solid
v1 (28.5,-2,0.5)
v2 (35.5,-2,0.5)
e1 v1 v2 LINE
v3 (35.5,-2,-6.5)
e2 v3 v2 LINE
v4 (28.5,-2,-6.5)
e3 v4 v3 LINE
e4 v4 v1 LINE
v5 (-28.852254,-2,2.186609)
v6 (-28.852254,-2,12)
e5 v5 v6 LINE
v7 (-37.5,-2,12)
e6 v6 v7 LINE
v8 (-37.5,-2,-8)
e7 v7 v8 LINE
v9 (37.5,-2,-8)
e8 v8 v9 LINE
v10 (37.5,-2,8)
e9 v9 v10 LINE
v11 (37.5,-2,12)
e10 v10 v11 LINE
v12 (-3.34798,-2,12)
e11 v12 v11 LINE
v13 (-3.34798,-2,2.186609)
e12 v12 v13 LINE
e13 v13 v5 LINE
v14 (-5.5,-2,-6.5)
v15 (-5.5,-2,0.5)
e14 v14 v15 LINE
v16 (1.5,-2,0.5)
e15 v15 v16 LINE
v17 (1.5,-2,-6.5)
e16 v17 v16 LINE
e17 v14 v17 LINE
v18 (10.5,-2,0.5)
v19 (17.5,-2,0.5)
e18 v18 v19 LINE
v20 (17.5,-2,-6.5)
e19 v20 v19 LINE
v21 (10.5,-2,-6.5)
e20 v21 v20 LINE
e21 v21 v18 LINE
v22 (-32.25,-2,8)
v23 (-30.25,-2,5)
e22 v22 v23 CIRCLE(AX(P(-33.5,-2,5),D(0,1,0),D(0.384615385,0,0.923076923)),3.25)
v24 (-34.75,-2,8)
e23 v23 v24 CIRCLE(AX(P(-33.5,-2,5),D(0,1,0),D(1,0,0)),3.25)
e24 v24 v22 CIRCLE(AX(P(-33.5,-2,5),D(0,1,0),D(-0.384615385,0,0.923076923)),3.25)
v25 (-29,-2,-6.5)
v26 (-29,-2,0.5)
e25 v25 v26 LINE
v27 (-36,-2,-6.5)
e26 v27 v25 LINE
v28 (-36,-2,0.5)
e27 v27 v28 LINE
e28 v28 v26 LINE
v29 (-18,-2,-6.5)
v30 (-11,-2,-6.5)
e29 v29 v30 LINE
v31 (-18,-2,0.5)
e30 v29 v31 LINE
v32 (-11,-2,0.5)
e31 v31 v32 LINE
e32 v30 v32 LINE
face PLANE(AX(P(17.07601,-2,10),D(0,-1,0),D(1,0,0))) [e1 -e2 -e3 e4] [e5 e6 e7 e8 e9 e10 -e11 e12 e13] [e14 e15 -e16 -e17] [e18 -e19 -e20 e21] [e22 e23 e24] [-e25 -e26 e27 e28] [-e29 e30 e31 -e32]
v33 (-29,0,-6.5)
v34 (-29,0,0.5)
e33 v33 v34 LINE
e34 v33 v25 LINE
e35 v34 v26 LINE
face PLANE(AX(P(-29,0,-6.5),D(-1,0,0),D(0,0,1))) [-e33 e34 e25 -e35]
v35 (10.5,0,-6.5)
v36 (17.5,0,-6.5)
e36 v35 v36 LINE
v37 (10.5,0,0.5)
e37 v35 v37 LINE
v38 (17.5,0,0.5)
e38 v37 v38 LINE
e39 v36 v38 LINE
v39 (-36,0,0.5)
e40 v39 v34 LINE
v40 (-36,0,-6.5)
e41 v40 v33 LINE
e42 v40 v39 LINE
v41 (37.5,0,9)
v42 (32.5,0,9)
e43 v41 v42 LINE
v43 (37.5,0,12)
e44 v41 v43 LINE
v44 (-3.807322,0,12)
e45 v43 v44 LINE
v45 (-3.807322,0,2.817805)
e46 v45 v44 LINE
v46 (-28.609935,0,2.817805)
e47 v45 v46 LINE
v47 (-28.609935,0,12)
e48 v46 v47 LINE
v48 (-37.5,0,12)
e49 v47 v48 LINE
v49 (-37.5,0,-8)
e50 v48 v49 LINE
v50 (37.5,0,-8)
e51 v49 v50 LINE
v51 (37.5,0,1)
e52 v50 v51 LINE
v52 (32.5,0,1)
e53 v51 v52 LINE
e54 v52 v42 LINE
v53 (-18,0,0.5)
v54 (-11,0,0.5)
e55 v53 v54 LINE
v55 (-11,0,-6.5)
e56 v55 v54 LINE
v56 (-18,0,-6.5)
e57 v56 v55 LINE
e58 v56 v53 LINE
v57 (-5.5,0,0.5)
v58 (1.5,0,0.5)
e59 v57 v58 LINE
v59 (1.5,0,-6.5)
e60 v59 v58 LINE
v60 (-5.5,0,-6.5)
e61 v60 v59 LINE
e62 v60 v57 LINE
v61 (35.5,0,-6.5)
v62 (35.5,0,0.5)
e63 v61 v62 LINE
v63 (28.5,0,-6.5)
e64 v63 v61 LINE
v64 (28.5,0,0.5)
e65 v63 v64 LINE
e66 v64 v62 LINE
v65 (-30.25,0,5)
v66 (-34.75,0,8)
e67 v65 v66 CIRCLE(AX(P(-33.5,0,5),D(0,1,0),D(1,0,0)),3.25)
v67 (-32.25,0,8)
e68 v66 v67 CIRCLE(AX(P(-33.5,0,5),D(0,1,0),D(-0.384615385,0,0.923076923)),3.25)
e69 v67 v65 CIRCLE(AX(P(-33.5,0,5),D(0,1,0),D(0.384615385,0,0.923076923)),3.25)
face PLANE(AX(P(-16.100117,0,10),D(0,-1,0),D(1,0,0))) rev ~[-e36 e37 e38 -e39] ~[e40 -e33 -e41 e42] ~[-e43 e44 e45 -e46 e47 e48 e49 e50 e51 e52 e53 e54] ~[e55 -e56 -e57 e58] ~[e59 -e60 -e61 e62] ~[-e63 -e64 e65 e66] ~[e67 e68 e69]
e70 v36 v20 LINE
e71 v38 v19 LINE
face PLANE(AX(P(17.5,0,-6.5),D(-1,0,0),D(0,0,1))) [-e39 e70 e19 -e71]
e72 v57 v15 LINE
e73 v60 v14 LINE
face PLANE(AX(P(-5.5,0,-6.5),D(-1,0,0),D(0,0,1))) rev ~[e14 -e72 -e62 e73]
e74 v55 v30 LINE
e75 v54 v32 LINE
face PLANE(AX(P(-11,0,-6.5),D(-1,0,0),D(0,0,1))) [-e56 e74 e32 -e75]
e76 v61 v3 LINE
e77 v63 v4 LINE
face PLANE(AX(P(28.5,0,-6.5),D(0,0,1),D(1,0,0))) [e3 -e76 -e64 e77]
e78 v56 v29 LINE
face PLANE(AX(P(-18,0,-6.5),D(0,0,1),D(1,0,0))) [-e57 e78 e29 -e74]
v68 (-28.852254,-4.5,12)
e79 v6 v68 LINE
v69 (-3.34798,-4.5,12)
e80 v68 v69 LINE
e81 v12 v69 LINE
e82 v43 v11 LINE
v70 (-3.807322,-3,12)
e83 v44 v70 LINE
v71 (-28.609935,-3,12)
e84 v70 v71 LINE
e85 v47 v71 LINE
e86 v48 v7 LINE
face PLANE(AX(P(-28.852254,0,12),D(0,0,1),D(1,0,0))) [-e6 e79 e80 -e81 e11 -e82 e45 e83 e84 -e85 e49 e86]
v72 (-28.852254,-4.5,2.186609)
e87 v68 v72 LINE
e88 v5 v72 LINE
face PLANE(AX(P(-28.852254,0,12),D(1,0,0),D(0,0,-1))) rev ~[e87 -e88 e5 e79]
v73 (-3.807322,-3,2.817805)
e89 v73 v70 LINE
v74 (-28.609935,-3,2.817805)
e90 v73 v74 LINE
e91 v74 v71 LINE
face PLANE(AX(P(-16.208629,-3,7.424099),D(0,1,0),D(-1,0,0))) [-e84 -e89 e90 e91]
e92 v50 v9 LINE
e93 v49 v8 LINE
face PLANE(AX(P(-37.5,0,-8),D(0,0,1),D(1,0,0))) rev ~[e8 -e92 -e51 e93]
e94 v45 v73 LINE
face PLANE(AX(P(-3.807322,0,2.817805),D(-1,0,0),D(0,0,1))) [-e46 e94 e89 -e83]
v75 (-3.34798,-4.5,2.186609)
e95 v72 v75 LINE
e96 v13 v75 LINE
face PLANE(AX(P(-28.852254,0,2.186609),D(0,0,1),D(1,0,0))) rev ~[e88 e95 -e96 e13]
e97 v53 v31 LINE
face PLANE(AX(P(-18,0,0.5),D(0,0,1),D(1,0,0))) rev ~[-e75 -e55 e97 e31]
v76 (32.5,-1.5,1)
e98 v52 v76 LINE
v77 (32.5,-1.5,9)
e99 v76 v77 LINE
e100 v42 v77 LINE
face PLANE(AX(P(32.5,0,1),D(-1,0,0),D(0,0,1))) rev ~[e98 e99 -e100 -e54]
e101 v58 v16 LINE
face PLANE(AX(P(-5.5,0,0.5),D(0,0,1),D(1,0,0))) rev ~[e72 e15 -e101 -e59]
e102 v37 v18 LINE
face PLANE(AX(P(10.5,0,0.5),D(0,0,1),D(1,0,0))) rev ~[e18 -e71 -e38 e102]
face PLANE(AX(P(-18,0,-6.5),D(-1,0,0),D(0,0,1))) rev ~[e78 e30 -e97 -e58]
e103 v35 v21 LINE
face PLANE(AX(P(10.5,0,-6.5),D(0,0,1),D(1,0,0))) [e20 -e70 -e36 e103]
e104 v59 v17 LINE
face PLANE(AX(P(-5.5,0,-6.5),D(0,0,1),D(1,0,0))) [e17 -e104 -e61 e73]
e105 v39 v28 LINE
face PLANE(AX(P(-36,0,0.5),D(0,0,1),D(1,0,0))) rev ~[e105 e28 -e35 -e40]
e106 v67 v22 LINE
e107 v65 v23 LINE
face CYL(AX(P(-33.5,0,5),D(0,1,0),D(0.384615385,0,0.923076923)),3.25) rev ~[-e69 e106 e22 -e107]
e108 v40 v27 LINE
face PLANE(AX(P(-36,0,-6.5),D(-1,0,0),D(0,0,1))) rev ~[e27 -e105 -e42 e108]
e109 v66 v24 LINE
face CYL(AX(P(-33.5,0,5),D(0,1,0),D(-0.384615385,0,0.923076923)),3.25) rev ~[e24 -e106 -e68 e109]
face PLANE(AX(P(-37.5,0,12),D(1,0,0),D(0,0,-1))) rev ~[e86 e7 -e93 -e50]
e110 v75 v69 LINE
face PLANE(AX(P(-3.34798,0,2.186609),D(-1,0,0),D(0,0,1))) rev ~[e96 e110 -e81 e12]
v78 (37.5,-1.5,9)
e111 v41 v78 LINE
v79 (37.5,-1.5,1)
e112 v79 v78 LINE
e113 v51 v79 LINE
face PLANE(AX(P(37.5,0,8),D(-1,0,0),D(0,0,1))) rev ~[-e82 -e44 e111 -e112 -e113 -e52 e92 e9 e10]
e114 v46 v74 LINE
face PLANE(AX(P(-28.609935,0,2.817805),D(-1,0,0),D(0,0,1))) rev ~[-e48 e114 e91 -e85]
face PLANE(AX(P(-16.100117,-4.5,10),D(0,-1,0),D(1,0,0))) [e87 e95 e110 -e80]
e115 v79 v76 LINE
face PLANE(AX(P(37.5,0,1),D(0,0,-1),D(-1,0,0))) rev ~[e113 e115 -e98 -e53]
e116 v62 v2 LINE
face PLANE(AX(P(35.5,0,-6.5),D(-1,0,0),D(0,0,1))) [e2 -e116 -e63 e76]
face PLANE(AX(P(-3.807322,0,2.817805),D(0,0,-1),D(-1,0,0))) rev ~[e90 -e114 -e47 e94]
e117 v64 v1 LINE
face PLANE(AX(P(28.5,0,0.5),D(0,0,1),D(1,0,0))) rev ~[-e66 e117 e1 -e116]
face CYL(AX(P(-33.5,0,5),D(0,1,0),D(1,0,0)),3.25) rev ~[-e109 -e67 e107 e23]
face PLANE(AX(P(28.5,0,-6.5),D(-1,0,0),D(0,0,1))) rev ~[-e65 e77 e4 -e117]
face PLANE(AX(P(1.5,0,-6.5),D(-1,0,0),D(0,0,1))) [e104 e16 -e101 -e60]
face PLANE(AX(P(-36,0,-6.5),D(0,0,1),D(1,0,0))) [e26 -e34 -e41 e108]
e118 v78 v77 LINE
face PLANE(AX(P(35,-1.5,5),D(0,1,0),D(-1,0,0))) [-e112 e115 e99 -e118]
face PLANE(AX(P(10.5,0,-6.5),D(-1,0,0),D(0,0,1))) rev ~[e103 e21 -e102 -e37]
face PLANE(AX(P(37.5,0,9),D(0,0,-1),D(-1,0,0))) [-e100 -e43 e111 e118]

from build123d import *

# Parameters (mm, degrees)
F0_W     = 40.8479798585
F0_H     = 4
F0_W_2   = 7
F0_H_2   = 7
F1_DEPTH = 2
F0_W_3   = 25.5042742938
F0_H_3   = 5.8133912664
F2_DEPTH = 4.5
F4_W     = 5
F4_H     = 8
F5_DEPTH = 1.5
F6_W     = 24.8026130721
F6_H     = 9.2125886586
F7_DEPTH = 3


with BuildPart() as f1:
    # F0 (on Front) → F1 (new body)
    with BuildSketch(Plane.XZ):
        with Locations((17.0760100707, 10)):
            Rectangle(F0_W, F0_H)
        with BuildLine():
            Line((-37.5, 12), (-37.5, 8))
            Line((-37.5, 8), (-34.75, 8))
            ThreePointArc((-34.75, 8), (-33.5, 8.25), (-32.25, 8))
            Line((-32.25, 8), (-28.8522541523, 8))
            Line((-28.8522541523, 8), (-28.8522541523, 12))
            Line((-28.8522541523, 12), (-37.5, 12))
        make_face()
        with BuildLine():
            Line((-37.5, 8), (-37.5, -8))
            Line((-37.5, -8), (37.5, -8))
            Line((37.5, -8), (37.5, 8))
            Line((37.5, 8), (-3.3479798585, 8))
            Line((-3.3479798585, 8), (-3.3479798585, 2.1866087336))
            Line((-3.3479798585, 2.1866087336), (-28.8522541523, 2.1866087336))
            Line((-28.8522541523, 2.1866087336), (-28.8522541523, 8))
            Line((-28.8522541523, 8), (-32.25, 8))
            ThreePointArc((-32.25, 8), (-30.7958365434, 6.8027756377), (-30.25, 5))
            ThreePointArc((-30.25, 5), (-35.3027756377, 2.2958365434), (-34.75, 8))
            Line((-34.75, 8), (-37.5, 8))
        make_face()
        with Locations((-32.5, -3)):
            Rectangle(F0_W_2, F0_H_2, mode=Mode.SUBTRACT)
        with Locations((-14.5, -3)):
            Rectangle(F0_W_2, F0_H_2, mode=Mode.SUBTRACT)
        with Locations((-2, -3)):
            Rectangle(F0_W_2, F0_H_2, mode=Mode.SUBTRACT)
        with Locations((14, -3)):
            Rectangle(F0_W_2, F0_H_2, mode=Mode.SUBTRACT)
        with Locations((32, -3)):
            Rectangle(F0_W_2, F0_H_2, mode=Mode.SUBTRACT)
    extrude(amount=F1_DEPTH)

    # F0 (on Front) → F2 (join)
    with BuildSketch(Plane.XZ):
        with Locations((-16.1001170054, 10)):
            Rectangle(F0_W_3, F0_H)
        with Locations((-16.1001170054, 5.0933043668)):
            Rectangle(F0_W_3, F0_H_3)
    extrude(amount=F2_DEPTH)

    # F4 (on face) → F5 (cut)
    with BuildSketch(Plane(origin=(0, 0, 0), x_dir=(-1, 0, 0), z_dir=(0, 1, 0))):
        with Locations((-35, 5)):
            Rectangle(F4_W, F4_H)
    extrude(amount=-F5_DEPTH, mode=Mode.SUBTRACT)

    # F6 (on face) → F7 (cut)
    with BuildSketch(Plane(origin=(0, 0, 0), x_dir=(-1, 0, 0), z_dir=(0, 1, 0))):
        with Locations((16.2086286582, 7.4240994873)):
            Rectangle(F6_W, F6_H)
    extrude(amount=-F7_DEPTH, mode=Mode.SUBTRACT)


solid = f1.part
